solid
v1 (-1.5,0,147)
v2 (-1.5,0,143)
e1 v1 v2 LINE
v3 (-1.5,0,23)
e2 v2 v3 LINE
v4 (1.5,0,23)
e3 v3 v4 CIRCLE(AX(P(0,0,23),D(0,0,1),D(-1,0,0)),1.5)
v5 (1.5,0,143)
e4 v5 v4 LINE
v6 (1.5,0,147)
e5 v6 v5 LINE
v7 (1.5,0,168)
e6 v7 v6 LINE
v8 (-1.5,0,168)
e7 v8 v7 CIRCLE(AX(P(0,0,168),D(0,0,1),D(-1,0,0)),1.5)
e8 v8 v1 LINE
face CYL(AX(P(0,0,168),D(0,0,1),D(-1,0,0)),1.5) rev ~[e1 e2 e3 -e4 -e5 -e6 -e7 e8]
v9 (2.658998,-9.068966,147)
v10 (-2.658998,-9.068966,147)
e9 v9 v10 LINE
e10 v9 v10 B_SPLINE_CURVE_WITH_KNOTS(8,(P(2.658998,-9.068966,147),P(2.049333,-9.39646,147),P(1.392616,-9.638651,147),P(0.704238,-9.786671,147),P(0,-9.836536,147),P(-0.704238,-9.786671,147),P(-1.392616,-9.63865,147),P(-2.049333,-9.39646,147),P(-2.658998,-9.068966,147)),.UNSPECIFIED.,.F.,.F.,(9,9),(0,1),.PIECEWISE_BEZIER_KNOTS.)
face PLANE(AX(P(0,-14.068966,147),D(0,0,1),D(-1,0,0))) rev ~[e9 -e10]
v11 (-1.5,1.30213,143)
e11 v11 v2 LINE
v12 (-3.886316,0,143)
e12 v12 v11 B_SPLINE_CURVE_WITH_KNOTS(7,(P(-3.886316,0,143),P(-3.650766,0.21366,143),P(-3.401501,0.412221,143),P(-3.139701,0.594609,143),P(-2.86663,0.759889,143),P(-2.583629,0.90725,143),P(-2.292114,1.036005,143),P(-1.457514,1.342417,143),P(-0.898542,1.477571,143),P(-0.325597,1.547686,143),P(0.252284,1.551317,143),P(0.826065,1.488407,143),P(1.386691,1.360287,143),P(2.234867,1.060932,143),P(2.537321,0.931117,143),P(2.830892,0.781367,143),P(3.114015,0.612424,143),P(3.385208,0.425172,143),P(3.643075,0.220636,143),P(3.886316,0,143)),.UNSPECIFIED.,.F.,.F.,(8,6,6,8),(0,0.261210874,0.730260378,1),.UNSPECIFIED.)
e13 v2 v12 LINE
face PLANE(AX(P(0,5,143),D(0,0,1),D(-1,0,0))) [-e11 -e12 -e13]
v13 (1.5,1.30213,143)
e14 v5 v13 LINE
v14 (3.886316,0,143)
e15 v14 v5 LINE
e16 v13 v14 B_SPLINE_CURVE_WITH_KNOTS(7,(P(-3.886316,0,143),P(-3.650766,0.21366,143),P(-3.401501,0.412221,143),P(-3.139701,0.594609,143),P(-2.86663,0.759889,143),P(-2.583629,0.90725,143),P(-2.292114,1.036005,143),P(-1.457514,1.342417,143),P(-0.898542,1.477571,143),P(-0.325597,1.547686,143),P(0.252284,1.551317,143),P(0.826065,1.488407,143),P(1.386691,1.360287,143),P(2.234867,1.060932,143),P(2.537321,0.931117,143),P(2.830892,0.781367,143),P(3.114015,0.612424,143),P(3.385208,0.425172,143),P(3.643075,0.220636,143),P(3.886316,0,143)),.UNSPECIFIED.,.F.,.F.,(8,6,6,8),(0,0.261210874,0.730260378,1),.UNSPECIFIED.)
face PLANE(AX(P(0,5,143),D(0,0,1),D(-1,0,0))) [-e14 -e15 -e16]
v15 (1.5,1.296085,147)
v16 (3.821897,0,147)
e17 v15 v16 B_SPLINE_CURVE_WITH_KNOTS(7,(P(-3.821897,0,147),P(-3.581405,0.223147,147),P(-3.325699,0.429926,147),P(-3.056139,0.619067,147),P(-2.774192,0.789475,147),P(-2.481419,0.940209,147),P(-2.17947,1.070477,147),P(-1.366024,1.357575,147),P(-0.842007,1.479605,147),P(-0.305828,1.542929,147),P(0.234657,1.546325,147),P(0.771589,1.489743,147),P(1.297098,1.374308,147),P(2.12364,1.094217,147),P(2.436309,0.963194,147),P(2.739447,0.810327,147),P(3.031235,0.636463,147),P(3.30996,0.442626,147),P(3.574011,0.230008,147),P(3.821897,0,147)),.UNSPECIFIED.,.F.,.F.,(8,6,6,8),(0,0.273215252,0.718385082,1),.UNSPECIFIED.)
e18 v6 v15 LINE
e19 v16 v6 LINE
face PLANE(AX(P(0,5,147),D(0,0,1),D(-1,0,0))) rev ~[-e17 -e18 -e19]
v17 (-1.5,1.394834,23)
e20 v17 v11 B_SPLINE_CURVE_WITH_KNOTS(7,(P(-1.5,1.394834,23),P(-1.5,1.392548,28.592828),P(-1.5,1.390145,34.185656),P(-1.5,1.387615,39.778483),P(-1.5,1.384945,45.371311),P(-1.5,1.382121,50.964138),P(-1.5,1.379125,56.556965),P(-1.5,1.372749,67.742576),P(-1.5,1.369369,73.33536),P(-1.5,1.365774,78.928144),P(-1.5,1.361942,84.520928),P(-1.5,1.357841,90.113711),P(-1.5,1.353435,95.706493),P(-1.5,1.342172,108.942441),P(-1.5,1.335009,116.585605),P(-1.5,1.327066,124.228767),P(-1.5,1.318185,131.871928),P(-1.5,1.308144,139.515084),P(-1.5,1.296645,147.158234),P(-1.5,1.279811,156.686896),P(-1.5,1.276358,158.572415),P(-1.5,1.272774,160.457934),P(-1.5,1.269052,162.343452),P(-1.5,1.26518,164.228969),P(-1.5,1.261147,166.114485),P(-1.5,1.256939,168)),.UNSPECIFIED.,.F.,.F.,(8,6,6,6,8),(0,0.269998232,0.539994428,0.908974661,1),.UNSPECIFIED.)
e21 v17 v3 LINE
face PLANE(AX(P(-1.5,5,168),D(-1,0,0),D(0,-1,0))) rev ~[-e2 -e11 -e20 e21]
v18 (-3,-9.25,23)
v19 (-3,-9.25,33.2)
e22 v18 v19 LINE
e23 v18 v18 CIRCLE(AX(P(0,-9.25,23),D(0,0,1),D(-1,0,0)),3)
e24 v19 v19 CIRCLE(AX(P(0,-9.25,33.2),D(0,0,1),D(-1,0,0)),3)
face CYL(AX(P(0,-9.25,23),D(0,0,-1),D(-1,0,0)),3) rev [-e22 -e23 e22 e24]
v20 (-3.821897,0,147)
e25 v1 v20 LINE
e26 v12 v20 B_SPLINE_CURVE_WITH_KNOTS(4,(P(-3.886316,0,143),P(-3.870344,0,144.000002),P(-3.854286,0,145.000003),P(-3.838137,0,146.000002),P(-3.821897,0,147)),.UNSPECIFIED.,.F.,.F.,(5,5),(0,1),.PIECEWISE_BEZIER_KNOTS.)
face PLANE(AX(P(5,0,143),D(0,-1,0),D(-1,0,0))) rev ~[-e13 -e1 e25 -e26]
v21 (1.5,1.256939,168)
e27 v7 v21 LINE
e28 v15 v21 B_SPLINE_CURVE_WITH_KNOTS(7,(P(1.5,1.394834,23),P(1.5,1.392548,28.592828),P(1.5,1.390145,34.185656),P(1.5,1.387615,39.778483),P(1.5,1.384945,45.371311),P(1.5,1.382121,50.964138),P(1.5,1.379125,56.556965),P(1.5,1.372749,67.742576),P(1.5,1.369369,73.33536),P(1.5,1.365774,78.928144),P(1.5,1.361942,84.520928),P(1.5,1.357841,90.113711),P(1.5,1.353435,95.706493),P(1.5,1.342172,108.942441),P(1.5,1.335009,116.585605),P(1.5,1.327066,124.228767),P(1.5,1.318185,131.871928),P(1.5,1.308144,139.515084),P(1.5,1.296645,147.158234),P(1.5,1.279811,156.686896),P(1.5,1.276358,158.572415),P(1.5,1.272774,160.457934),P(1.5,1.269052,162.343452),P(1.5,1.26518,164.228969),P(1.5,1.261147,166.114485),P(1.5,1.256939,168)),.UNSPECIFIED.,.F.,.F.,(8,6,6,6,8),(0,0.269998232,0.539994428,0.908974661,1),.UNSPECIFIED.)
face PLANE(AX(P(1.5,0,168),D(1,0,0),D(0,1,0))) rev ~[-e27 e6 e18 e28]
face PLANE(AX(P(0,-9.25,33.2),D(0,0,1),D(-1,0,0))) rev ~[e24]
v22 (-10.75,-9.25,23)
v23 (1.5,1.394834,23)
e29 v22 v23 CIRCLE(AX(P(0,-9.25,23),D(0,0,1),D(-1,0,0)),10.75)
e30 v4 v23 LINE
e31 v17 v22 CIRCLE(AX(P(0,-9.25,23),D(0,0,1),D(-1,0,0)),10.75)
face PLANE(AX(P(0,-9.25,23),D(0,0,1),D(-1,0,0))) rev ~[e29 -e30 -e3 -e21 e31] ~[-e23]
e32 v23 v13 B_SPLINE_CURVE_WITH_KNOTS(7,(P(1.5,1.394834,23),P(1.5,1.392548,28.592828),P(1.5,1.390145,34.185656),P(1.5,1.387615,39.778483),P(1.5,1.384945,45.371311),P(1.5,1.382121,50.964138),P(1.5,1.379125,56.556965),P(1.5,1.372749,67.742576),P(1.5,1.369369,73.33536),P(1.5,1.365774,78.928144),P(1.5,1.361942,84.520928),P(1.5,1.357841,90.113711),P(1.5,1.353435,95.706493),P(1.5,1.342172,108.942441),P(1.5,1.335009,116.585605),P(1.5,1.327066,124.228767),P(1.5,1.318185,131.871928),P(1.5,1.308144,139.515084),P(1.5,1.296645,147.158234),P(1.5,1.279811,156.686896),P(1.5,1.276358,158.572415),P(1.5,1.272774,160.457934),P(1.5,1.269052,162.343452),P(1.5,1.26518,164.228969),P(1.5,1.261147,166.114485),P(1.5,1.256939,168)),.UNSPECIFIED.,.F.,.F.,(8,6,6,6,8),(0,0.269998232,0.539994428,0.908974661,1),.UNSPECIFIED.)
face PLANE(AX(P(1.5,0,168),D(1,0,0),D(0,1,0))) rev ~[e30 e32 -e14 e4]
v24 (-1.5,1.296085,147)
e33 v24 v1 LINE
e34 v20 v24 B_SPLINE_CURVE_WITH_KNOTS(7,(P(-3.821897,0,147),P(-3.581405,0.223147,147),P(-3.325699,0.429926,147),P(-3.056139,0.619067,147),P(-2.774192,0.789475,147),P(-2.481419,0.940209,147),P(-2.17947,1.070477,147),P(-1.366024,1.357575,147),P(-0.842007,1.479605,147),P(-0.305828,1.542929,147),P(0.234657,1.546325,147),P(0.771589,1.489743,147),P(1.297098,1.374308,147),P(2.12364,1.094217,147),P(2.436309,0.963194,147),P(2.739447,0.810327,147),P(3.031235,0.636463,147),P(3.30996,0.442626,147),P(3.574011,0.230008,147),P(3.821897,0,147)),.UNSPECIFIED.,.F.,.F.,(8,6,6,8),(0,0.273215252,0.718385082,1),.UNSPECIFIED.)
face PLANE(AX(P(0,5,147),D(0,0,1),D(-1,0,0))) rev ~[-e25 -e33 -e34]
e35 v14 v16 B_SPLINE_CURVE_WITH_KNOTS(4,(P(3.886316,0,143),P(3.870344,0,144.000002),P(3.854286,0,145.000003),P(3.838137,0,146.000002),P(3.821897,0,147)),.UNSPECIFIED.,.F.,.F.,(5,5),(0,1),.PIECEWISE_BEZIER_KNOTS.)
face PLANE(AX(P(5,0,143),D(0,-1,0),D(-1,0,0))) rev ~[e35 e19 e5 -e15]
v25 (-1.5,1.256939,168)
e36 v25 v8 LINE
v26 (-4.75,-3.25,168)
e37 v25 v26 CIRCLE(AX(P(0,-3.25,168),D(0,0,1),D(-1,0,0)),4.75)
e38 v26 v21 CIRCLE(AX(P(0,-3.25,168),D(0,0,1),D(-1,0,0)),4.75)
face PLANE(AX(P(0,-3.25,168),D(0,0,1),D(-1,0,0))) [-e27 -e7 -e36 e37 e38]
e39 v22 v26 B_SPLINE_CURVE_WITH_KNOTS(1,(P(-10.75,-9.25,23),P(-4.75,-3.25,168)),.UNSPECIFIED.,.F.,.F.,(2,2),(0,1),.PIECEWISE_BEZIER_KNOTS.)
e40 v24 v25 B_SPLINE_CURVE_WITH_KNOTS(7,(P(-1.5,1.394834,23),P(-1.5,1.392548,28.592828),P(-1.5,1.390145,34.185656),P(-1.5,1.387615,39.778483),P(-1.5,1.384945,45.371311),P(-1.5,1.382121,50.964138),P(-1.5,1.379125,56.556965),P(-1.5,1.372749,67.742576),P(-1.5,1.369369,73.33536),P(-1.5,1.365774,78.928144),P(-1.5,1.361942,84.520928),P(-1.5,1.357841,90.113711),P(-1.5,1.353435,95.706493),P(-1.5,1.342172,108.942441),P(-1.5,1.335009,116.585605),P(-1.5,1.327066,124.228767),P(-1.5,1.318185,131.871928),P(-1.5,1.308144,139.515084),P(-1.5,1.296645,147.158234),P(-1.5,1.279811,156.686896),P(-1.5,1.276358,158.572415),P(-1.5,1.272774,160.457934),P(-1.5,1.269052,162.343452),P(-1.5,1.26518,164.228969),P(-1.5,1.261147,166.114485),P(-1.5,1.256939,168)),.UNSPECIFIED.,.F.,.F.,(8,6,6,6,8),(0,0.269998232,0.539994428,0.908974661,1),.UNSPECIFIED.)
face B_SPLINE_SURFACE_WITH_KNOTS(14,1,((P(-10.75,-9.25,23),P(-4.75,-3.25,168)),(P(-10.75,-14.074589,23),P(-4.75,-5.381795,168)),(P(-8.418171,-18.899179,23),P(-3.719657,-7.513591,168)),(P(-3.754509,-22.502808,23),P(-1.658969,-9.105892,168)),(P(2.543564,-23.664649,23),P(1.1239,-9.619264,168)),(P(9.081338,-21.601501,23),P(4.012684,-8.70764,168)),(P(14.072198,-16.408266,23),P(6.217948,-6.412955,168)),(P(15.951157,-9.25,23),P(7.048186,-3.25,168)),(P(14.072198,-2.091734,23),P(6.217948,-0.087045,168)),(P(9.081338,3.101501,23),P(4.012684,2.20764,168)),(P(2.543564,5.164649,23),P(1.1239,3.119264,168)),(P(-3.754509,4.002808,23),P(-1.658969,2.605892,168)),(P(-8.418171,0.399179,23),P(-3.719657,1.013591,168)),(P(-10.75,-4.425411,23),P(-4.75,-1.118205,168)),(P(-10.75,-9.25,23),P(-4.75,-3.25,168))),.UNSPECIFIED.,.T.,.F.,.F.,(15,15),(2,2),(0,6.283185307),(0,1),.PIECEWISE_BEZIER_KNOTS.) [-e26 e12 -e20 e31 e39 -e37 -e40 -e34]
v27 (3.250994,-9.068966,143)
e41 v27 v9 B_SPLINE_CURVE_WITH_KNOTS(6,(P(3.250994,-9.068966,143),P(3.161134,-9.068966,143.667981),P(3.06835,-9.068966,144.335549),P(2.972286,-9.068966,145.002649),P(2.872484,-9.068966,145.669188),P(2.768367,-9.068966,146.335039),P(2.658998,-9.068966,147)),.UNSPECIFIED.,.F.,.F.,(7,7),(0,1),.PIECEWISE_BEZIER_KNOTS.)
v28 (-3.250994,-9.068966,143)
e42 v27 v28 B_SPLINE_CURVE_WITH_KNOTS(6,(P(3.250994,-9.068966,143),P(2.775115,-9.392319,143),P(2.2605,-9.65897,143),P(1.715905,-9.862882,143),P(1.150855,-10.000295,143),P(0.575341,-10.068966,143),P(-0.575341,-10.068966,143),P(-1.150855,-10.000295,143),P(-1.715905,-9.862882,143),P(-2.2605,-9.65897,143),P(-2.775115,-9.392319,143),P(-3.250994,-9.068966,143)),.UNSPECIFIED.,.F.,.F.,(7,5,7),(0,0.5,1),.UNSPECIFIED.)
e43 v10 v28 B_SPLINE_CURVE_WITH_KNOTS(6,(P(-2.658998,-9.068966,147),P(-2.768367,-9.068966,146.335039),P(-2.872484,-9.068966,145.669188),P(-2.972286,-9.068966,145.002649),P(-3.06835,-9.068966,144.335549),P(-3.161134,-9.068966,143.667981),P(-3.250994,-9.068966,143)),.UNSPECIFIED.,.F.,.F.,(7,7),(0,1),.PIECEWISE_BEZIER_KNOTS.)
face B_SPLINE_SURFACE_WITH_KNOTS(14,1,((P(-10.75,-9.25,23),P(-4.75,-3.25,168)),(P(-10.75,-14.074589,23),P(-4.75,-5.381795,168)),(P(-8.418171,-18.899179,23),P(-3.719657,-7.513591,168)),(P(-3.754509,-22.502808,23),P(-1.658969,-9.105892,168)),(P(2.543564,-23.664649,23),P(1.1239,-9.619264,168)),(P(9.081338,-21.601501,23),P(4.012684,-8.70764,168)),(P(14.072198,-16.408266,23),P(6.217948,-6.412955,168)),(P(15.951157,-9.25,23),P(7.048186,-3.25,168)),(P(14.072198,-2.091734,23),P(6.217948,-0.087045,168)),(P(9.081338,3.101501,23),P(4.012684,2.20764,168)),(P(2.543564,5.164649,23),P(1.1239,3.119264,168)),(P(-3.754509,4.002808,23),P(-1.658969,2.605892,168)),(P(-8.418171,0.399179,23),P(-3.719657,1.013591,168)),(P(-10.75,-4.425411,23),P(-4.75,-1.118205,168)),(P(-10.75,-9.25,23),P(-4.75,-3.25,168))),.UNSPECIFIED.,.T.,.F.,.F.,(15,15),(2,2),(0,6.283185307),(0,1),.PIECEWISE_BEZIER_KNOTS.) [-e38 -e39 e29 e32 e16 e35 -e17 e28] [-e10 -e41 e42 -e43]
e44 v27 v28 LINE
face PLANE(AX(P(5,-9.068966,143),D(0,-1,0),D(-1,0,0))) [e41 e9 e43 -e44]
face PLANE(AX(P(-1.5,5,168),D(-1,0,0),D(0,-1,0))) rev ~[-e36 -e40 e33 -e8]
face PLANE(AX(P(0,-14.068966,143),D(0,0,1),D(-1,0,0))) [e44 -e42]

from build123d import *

# Parameters (mm, degrees)
EXTRUDE009_DEPTH       = 500
SKETCH016_W            = 10
SKETCH016_H            = 10
EXTRUDE010_DEPTH       = 4
SKETCH019_R            = 3
EXTRUDE013_DEPTH       = 10.2
SKETCH013_R            = 10.75
SKETCH014_R            = 4.75
CUT008_PLACEMENT_ANGLE = 180


with BuildPart() as mast_slot_tool:
    # Sketch015 (on DatumPlane) → Extrude009 (new body)
    with BuildSketch(Plane(origin=(0, 8, 168), x_dir=(1, 0, 0), z_dir=(0, 0, 1))):
        with BuildLine():
            ThreePointArc((1.5, -8), (0, -6.5), (-1.5, -8))
            Line((-1.5, -8), (-1.5, -13))
            ThreePointArc((-1.5, -13), (0, -14.5), (1.5, -13))
            Line((1.5, -13), (1.5, -8))
        make_face()
    extrude(amount=-EXTRUDE009_DEPTH)


with BuildPart() as mast_zip_tool:
    # Sketch016 (on DatumPlane) → Extrude010 (new body)
    with BuildSketch(Plane.XY.offset(143)):
        with Locations((0, -5)):
            Rectangle(SKETCH016_W, SKETCH016_H)
        with Locations((0, 14.068966)):
            Rectangle(SKETCH016_W, SKETCH016_H)
    extrude(amount=EXTRUDE010_DEPTH)


with BuildPart() as upper_mast_hole:
    # Sketch019 (on DatumPlane) → Extrude013 (new body)
    with BuildSketch(Plane(origin=(0, 20, 23), x_dir=(1, 0, 0), z_dir=(0, 0, 1))):
        with Locations((0, -10.75)):
            Circle(SKETCH019_R)
    extrude(amount=EXTRUDE013_DEPTH)


with BuildPart() as upper_mast:
    # Sketch013 (on DatumPlane) → Loft section 0
    with BuildSketch(Plane(origin=(0, 20, 23), x_dir=(1, 0, 0), z_dir=(0, 0, 1))):
        with Locations((0, -10.75)):
            Circle(SKETCH013_R)
    # Sketch014 (on DatumPlane) → Loft section 1
    with BuildSketch(Plane(origin=(0, 8, 168), x_dir=(1, 0, 0), z_dir=(0, 0, 1))):
        with Locations((0, -4.75)):
            Circle(SKETCH014_R)
    loft()

    # Cut007: cut upper mast hole
    add(upper_mast_hole.part, mode=Mode.SUBTRACT)

    # Cut009: cut mast zip tool
    add(mast_zip_tool.part, mode=Mode.SUBTRACT)

    # Cut008: cut mast slot tool
    add(mast_slot_tool.part, mode=Mode.SUBTRACT)


with BuildPart() as upper_mast_1:
    # Cut008 placement: moved
    add(upper_mast.part.rotate(Axis((0, 0, 0), (0, 0, 1)), CUT008_PLACEMENT_ANGLE))


solid = upper_mast_1.part
